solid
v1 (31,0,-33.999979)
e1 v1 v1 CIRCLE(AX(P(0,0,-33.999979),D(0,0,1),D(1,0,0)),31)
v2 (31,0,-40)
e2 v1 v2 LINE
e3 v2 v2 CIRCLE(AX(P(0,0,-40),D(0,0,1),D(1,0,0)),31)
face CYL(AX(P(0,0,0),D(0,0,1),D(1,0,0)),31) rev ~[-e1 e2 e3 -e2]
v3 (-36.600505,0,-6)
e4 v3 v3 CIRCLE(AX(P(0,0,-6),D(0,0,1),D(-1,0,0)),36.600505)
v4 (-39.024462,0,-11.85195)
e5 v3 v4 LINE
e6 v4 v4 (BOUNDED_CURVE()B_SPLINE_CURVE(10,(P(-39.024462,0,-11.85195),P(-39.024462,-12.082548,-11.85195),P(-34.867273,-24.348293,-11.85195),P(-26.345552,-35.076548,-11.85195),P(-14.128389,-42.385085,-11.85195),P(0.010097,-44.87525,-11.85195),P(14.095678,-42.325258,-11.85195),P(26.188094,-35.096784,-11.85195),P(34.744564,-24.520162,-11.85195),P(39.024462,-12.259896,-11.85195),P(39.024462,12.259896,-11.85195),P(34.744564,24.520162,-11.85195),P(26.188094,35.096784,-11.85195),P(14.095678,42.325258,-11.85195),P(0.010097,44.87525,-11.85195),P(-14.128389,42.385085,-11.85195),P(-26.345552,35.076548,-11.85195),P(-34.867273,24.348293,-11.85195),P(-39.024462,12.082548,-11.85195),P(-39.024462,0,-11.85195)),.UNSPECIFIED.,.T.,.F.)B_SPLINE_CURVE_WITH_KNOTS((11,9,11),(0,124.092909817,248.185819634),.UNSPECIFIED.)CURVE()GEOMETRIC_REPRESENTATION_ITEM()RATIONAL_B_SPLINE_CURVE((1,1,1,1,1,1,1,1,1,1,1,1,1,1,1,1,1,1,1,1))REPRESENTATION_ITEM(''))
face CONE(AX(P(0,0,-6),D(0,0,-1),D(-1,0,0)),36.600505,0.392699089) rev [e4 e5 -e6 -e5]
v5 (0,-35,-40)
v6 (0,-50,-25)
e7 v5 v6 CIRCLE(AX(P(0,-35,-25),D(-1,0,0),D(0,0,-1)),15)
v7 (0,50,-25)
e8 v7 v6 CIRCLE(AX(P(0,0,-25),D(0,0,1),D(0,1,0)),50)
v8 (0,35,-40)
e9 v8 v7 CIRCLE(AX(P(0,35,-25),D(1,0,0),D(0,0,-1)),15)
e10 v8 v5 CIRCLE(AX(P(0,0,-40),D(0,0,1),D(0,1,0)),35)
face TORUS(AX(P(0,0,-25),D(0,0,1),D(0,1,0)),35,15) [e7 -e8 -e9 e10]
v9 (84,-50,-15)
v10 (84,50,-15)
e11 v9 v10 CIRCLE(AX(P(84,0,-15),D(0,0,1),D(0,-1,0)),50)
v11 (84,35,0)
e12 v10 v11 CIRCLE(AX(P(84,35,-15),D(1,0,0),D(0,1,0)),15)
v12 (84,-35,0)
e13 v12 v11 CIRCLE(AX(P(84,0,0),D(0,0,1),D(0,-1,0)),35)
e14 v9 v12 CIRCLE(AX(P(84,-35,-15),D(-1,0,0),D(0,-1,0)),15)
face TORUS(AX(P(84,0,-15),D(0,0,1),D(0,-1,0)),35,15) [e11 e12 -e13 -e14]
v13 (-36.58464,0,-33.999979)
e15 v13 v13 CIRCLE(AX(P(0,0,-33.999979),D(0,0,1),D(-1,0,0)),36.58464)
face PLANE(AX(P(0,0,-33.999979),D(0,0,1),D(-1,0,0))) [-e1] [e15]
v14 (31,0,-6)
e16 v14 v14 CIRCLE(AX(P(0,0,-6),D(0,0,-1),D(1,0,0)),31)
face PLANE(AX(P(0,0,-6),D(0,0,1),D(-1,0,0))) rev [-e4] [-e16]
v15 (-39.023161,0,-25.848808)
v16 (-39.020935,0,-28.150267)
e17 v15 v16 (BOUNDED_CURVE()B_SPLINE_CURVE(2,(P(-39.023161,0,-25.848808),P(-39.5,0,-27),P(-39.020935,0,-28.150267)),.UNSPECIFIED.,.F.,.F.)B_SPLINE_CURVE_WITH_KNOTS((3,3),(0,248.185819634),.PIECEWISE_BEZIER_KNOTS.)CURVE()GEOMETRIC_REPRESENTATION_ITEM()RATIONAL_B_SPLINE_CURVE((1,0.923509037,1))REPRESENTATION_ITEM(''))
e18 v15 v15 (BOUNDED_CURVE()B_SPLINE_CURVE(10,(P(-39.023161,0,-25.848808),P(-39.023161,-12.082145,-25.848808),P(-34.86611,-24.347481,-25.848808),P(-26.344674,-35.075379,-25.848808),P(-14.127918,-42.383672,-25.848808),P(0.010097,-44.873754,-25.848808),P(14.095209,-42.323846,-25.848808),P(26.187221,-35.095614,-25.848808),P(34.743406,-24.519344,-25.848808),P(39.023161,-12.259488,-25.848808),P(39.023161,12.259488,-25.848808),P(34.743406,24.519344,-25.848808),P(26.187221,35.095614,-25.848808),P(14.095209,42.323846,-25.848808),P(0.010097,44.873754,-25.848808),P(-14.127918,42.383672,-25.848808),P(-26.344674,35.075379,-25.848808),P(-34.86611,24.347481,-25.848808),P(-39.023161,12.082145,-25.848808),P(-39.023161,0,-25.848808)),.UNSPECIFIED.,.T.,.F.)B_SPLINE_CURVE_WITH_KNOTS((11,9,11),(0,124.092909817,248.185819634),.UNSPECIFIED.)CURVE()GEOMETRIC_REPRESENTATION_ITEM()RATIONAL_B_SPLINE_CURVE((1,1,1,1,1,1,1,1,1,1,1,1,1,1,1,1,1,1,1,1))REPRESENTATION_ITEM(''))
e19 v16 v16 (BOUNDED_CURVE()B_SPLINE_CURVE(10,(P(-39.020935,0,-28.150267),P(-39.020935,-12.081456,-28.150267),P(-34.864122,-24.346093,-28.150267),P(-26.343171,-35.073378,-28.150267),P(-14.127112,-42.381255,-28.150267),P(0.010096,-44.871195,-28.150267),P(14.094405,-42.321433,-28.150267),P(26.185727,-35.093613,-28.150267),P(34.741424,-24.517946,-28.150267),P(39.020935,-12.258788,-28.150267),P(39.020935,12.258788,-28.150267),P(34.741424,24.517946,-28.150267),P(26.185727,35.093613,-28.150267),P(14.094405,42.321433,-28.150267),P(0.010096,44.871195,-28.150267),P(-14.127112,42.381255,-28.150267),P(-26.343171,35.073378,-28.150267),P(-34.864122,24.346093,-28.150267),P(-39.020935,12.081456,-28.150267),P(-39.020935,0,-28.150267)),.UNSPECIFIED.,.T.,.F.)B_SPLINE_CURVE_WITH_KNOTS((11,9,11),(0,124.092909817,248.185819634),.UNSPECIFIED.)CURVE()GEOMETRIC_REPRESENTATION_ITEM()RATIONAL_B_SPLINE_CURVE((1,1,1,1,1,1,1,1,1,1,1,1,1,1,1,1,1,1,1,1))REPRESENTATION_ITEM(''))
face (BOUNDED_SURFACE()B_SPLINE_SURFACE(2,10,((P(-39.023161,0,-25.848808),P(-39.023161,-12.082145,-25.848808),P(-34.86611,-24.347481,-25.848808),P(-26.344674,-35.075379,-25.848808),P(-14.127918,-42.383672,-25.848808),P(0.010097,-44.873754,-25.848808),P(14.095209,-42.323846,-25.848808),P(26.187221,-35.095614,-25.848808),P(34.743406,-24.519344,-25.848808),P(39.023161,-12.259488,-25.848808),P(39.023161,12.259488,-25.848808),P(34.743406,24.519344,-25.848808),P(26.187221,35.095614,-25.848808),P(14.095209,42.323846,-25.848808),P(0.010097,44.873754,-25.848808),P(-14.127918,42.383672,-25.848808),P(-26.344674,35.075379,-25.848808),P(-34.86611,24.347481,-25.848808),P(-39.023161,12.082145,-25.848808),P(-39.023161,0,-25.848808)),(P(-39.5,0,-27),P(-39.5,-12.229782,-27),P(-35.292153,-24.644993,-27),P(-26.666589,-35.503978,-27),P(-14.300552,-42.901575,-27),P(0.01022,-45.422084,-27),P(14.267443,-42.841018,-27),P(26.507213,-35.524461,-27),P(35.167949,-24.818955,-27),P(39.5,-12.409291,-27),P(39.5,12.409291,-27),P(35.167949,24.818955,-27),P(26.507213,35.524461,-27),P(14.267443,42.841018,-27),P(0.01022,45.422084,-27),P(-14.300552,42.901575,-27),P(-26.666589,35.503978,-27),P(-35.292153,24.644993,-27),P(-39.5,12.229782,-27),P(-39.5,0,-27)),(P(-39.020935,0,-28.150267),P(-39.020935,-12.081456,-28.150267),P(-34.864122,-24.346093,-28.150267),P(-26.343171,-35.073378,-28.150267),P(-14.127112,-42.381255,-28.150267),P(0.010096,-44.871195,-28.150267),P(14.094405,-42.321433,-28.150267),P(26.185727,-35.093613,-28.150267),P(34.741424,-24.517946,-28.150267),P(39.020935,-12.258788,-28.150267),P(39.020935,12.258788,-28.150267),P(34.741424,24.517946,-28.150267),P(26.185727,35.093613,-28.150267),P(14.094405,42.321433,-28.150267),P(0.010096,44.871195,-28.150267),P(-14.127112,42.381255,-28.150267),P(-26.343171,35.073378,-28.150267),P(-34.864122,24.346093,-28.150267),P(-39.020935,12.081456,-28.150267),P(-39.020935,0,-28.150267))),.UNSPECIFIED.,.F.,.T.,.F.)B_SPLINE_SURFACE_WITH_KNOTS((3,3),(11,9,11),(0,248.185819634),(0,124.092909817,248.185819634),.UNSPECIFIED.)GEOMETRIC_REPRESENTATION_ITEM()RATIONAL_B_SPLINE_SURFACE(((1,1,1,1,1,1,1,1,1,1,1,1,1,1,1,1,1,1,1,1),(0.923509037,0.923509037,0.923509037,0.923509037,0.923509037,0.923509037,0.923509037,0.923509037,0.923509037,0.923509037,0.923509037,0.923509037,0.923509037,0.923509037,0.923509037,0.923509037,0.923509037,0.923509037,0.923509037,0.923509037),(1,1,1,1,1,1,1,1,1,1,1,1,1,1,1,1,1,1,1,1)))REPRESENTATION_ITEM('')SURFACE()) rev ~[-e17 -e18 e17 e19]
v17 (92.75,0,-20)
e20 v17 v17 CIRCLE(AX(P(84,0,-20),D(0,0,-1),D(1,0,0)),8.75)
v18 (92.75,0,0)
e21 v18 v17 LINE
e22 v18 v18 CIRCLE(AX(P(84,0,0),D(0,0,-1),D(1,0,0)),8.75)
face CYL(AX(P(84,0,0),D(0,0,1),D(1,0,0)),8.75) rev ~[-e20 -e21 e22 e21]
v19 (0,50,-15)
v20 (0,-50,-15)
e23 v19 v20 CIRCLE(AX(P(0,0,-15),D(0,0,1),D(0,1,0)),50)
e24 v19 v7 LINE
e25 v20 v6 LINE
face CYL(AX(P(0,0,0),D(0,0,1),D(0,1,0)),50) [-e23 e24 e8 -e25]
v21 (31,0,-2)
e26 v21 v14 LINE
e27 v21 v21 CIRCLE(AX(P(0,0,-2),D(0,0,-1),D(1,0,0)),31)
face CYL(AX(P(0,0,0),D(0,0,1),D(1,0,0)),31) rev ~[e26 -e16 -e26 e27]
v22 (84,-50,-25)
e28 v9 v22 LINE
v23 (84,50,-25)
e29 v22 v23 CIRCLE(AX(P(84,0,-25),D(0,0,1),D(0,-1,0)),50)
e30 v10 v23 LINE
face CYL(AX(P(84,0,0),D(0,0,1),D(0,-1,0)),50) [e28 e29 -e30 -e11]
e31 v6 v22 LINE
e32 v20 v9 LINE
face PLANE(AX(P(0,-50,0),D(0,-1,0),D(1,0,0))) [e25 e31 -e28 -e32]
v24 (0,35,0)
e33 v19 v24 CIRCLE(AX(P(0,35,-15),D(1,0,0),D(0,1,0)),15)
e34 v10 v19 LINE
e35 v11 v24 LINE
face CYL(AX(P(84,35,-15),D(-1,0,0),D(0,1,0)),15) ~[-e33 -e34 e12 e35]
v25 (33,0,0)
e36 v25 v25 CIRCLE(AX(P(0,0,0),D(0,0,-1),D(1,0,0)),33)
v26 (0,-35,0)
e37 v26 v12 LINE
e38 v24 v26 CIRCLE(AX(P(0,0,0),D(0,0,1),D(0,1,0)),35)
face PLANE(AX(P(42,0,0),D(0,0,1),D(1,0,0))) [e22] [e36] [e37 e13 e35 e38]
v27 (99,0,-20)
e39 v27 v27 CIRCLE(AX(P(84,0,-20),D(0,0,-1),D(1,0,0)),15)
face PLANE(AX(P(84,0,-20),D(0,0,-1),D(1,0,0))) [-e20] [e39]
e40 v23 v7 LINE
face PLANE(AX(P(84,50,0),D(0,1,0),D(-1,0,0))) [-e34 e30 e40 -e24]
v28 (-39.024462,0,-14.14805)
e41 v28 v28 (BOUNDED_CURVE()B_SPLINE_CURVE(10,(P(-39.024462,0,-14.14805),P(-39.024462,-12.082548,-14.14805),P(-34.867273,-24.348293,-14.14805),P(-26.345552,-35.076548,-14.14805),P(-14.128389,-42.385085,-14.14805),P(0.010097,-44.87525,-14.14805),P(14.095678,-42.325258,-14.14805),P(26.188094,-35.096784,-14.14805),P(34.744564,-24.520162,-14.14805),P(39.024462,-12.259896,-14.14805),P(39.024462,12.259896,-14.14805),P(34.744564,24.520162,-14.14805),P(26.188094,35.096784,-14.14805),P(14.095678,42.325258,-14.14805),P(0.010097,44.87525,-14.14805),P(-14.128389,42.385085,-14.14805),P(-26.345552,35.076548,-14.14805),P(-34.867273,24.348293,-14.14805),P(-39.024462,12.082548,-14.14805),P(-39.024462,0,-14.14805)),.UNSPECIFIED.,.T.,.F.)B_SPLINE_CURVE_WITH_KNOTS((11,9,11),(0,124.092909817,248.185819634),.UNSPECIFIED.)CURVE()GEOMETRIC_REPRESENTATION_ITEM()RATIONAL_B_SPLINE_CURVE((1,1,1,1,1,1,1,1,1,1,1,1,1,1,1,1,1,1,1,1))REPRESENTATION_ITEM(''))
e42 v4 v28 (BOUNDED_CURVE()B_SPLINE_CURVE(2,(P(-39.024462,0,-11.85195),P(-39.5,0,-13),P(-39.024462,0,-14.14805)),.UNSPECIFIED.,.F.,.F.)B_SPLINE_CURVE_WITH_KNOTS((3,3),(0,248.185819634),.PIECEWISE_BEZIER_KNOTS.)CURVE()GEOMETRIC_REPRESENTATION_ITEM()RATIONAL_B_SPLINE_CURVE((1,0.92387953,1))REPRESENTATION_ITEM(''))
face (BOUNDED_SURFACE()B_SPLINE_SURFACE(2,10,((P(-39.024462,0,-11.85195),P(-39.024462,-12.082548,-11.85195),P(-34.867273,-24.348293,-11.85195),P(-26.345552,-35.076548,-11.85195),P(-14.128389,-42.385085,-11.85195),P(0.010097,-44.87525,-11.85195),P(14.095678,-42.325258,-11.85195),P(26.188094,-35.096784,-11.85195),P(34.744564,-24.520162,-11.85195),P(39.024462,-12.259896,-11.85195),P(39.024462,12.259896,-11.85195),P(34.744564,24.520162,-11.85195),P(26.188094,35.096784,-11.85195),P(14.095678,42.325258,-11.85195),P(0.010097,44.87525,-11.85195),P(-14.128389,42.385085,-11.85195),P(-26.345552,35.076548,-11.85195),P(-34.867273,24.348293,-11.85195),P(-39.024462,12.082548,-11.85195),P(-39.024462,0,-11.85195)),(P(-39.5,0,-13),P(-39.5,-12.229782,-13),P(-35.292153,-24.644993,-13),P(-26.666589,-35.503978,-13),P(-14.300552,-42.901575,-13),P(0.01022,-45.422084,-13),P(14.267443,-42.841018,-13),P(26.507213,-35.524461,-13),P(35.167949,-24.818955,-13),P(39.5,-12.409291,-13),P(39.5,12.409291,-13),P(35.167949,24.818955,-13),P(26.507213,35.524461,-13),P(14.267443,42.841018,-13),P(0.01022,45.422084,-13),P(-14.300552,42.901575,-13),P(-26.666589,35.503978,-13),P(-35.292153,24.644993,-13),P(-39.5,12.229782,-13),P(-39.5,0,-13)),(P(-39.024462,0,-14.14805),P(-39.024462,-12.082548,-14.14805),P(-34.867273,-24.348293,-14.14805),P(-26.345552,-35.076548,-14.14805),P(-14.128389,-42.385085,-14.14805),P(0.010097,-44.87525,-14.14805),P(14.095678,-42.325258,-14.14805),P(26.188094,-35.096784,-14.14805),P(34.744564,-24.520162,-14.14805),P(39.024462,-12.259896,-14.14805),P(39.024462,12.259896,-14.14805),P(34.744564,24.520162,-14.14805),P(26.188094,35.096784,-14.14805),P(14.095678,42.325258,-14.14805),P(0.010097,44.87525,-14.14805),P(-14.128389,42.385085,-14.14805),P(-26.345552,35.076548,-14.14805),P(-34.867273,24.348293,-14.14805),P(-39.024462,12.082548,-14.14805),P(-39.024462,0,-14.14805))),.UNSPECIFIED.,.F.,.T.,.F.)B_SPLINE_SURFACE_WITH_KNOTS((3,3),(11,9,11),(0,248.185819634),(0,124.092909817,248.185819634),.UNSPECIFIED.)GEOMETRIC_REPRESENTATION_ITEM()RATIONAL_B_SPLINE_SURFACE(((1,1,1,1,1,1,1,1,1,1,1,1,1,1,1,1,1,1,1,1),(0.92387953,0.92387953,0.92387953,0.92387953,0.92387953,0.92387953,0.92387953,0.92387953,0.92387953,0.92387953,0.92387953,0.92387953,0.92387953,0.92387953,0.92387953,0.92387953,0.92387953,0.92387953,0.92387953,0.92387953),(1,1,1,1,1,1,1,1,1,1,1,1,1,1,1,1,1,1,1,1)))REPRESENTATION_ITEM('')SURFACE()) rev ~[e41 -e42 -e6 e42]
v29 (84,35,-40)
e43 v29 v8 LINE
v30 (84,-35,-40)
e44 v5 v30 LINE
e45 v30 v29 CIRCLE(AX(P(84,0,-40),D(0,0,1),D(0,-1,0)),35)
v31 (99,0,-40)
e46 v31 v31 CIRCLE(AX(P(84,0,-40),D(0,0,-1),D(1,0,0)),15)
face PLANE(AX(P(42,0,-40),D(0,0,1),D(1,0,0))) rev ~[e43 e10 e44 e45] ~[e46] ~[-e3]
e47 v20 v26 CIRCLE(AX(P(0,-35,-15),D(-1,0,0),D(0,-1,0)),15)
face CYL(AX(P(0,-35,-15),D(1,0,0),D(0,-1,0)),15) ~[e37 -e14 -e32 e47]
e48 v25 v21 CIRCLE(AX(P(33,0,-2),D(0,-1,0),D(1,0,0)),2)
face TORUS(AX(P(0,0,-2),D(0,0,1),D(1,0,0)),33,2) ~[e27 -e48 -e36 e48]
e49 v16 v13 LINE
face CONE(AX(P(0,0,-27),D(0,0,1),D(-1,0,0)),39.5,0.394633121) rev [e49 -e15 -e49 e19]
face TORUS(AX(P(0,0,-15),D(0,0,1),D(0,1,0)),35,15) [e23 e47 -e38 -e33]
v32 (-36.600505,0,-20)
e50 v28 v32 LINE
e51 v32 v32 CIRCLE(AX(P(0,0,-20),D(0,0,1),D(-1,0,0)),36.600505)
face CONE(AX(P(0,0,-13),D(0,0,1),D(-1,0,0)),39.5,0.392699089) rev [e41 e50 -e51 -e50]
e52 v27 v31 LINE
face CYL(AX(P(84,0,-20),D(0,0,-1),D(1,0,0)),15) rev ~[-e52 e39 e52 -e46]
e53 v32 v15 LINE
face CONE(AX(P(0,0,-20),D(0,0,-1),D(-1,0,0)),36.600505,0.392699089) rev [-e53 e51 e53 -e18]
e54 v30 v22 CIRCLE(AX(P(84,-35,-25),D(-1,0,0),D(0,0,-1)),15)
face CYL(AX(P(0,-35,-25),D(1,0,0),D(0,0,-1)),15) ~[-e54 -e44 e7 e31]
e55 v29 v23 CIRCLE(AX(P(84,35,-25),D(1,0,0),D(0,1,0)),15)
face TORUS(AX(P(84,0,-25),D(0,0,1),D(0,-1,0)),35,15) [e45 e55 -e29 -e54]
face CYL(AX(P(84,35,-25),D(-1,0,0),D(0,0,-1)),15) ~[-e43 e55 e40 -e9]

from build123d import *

# Parameters (mm, degrees)
F0_R           = 31
F0_R_2         = 8.75
F2_DEPTH       = 40
F4_D           = 17.5
F4_DEPTH       = 50
F4_CBORE_D     = 30
F4_CBORE_DEPTH = 20
F6_R           = 3
F8_R           = 15
F9_R           = 2


with BuildPart() as f2:
    # F0 (on Top) → F2 (new body)
    with BuildSketch(Plane.XY):
        with BuildLine():
            Line((84, 50), (0, 50))
            ThreePointArc((0, 50), (-50, 0), (0, -50))
            Line((0, -50), (84, -50))
            ThreePointArc((84, -50), (134, 0), (84, 50))
        make_face()
        Circle(F0_R, mode=Mode.SUBTRACT)
        with Locations((84, 0)):
            Circle(F0_R_2, mode=Mode.SUBTRACT)
    extrude(amount=-F2_DEPTH)

    # F4
    with Locations(Plane(origin=(0, 0, -40), x_dir=(1, 0, 0), z_dir=(0, 0, -1))):
        with Locations((84, 0)):
            CounterBoreHole(F4_D / 2, F4_CBORE_D / 2, F4_CBORE_DEPTH, depth=F4_DEPTH)


with BuildPart() as f5:
    # F1 (on Front) → F5 (revolve)
    with BuildSketch(Plane.XZ):
        Polygon((0, 0), (-31, 0), (-31, -6), (-36.600505, -6), (-39.5, -13), (-36.600505, -20), (-39.5, -27), (-36.58464, -33.999979), (-31, -33.999979), (-31, -40), (0, -40), align=None)
    revolve(axis=Axis((0, 0, -20), (0, 0, 1)))

    # F6
    f6_edges = [f5.edges().sort_by_distance(p)[0] for p in [
        (39.5, 0, -27),
        (39.5, 0, -13),
    ]]
    fillet(f6_edges, radius=F6_R)


with BuildPart() as f2_1:
    add(f2.part)

    # F7: cut F5
    add(f5.part, mode=Mode.SUBTRACT)

    # F8
    f8_edges = [f2_1.edges().sort_by_distance(p)[0] for p in [
        (42, -50, 0),
        (42, -50, -40),
    ]]
    fillet(f8_edges, radius=F8_R)

    # F9
    f9_edges = [f2_1.edges().sort_by_distance(p)[0] for p in [
        (-31, 0, 0),
    ]]
    fillet(f9_edges, radius=F9_R)


solid = f2_1.part
